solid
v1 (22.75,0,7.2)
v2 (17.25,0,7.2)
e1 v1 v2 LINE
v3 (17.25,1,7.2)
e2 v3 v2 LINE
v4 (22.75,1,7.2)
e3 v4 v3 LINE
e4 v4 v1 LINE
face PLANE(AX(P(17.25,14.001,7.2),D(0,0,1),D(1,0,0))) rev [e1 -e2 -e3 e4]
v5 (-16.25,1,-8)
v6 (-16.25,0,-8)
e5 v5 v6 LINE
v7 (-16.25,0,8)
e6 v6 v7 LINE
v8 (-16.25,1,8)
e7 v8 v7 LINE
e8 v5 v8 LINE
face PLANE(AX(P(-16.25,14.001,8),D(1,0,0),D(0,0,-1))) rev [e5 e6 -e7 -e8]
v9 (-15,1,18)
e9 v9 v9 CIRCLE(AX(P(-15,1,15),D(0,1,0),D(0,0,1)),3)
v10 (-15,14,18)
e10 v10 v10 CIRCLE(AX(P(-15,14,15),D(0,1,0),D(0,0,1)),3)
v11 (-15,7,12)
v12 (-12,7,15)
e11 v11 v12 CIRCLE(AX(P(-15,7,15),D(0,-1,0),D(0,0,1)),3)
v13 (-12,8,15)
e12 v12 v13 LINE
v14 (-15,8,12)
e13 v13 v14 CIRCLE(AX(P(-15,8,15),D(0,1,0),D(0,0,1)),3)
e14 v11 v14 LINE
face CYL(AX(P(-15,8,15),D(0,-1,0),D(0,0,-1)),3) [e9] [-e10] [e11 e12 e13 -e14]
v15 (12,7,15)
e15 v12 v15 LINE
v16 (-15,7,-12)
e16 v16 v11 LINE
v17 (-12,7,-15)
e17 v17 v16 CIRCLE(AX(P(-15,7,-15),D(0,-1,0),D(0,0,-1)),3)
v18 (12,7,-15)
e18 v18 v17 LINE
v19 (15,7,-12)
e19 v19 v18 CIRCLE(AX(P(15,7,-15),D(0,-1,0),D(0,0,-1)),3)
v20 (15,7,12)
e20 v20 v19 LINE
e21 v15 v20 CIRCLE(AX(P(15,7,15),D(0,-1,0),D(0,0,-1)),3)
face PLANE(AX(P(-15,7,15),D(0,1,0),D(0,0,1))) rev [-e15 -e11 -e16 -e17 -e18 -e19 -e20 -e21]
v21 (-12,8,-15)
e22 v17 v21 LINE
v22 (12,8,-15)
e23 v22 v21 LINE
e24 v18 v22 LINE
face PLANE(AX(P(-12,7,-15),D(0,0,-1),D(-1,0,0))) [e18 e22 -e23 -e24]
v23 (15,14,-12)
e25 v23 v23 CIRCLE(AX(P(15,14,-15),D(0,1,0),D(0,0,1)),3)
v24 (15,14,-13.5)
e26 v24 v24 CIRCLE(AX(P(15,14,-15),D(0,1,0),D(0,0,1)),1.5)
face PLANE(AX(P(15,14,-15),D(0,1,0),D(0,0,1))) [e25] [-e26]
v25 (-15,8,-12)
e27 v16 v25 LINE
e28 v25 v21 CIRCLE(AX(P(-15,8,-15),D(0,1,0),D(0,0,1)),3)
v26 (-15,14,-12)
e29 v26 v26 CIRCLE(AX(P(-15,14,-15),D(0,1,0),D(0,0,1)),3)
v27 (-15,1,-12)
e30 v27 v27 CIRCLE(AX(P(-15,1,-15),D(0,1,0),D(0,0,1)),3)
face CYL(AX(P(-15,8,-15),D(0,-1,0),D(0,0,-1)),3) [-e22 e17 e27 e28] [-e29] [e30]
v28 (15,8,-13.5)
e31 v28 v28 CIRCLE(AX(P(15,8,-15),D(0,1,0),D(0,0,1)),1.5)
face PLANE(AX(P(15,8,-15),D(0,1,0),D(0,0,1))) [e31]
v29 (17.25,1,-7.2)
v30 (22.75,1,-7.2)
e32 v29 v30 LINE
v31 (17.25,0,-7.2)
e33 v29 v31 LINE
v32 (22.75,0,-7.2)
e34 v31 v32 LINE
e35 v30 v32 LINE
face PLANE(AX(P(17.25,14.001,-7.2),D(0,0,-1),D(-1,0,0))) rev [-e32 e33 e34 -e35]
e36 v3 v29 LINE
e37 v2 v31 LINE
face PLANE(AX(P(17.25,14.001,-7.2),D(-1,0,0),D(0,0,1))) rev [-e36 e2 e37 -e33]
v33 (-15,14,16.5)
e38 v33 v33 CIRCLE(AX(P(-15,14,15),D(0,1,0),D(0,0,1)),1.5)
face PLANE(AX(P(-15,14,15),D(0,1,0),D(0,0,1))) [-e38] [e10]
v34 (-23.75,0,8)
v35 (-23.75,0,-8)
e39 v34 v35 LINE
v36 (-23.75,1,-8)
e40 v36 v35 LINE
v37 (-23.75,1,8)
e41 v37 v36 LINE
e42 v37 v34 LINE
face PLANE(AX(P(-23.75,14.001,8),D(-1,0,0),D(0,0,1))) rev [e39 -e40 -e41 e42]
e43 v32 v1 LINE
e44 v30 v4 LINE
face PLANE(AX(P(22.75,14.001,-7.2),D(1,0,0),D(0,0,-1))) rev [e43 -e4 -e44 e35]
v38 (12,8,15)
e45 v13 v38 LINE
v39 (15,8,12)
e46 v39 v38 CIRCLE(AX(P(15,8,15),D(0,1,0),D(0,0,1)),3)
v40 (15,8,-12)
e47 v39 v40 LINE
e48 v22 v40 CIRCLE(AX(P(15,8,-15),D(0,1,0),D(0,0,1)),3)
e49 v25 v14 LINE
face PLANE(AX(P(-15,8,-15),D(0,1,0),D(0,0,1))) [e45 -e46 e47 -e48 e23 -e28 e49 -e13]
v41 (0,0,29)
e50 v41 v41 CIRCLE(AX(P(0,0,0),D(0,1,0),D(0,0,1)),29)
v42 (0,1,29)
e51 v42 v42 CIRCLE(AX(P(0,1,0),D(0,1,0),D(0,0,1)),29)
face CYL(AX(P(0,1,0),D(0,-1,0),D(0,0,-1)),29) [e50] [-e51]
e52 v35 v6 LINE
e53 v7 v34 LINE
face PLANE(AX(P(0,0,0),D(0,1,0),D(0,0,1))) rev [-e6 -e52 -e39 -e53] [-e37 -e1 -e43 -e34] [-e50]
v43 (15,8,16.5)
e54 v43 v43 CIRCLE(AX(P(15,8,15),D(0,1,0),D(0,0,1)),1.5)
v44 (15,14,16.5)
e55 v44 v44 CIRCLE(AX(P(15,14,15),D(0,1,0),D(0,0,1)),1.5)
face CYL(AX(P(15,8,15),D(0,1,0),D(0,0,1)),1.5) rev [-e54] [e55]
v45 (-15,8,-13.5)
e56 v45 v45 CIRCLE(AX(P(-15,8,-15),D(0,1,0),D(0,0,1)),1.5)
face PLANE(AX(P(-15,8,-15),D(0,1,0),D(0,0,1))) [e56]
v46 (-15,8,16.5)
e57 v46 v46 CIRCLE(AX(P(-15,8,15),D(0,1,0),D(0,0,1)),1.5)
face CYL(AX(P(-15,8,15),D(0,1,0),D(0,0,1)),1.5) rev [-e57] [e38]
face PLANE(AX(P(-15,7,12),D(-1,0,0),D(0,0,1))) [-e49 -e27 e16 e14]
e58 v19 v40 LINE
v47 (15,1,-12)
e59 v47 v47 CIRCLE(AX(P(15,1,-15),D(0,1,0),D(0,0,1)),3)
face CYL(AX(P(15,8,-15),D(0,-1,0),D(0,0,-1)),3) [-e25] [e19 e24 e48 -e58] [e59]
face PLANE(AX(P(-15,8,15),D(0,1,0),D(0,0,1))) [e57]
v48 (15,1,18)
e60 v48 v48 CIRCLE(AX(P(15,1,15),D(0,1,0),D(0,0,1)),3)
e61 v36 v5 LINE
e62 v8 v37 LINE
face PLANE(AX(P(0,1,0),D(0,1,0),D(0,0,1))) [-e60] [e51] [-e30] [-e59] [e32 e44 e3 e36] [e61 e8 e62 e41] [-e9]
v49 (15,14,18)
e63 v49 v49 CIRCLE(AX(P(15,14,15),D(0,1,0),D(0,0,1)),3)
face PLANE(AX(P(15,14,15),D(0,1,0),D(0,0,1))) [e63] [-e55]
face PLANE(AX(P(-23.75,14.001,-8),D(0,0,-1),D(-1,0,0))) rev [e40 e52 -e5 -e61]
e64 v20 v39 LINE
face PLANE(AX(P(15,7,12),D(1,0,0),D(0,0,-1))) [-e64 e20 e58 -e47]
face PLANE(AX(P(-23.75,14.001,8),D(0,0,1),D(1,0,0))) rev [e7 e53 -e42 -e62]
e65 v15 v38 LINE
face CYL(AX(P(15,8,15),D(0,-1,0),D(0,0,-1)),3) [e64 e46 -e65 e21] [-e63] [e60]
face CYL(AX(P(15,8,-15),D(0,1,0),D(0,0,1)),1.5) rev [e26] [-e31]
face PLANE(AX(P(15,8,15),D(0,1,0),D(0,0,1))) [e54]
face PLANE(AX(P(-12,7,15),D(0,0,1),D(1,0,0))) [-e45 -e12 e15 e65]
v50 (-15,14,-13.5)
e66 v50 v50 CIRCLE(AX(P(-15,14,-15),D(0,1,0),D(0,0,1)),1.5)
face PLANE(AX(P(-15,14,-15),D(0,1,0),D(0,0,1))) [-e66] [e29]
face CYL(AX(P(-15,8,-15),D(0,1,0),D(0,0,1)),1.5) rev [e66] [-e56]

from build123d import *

# Parameters (mm, degrees)
CROQUIS1_R              = 29
SALIENTE_EXTRUIR1_DEPTH = 1
CROQUIS2_R              = 3
SALIENTE_EXTRUIR2_DEPTH = 7
SALIENTE_EXTRUIR3_START = -1
SALIENTE_EXTRUIR3_DEPTH = 1
CROQUIS4_R              = 3
SALIENTE_EXTRUIR4_DEPTH = 6
CROQUIS5_R              = 1.5
CORTAR_EXTRUIR1_DEPTH   = 6
CORTAR_EXTRUIR2_REACH   = 45.336
CROQUIS6_W              = 5.5
CROQUIS6_H              = 14.4
CROQUIS6_W_2            = 7.5
CROQUIS6_H_2            = 16


with BuildPart() as part:
    # Croquis1 → Saliente-Extruir1 (new body)
    with BuildSketch(Plane(origin=(0, 0, 0), x_dir=(1, 0, 0), z_dir=(0, 1, 0))):
        with Locations(Location((0, 0, 0), (0, 0, 270))):
            Circle(CROQUIS1_R)
    extrude(amount=SALIENTE_EXTRUIR1_DEPTH)

    # Croquis2 → Saliente-Extruir2 (add)
    with BuildSketch(Plane(origin=(0, 1, 0), x_dir=(1, 0, 0), z_dir=(0, 1, 0))):
        with Locations(Location((-15, 15, 0), (0, 0, 270))):
            Circle(CROQUIS2_R)
        with Locations(Location((15, 15, 0), (0, 0, 270))):
            Circle(CROQUIS2_R)
        with Locations(Location((-15, -15, 0), (0, 0, 270))):
            Circle(CROQUIS2_R)
        with Locations(Location((15, -15, 0), (0, 0, 270))):
            Circle(CROQUIS2_R)
    extrude(amount=SALIENTE_EXTRUIR2_DEPTH)

    # Croquis3 → Saliente-Extruir3 (add)
    with BuildSketch(Plane(origin=(0, 8, 0), x_dir=(1, 0, 0), z_dir=(0, 1, 0)).offset(SALIENTE_EXTRUIR3_START)):
        with BuildLine():
            Line((-15, -12), (-15, 12))
            ThreePointArc((-15, 12), (-12.878679656, 12.878679656), (-12, 15))
            Line((-12, 15), (12, 15))
            ThreePointArc((12, 15), (12.878679656, 12.878679656), (15, 12))
            Line((15, 12), (15, -12))
            ThreePointArc((15, -12), (12.878679656, -12.878679656), (12, -15))
            Line((12, -15), (-12, -15))
            ThreePointArc((-12, -15), (-12.878679656, -12.878679656), (-15, -12))
        make_face()
    extrude(amount=SALIENTE_EXTRUIR3_DEPTH)

    # Croquis4 → Saliente-Extruir4 (add)
    with BuildSketch(Plane(origin=(0, 8, 0), x_dir=(1, 0, 0), z_dir=(0, 1, 0))):
        with Locations(Location((15, 15, 0), (0, 0, 270))):
            Circle(CROQUIS4_R)
        with Locations(Location((15, -15, 0), (0, 0, 270))):
            Circle(CROQUIS4_R)
        with Locations(Location((-15, 15, 0), (0, 0, 270))):
            Circle(CROQUIS4_R)
        with Locations(Location((-15, -15, 0), (0, 0, 270))):
            Circle(CROQUIS4_R)
    extrude(amount=SALIENTE_EXTRUIR4_DEPTH)

    # Croquis5 → Cortar-Extruir1 (cut)
    with BuildSketch(Plane(origin=(0, 14, 0), x_dir=(1, 0, 0), z_dir=(0, 1, 0))):
        with Locations(Location((15, 15, 0), (0, 0, 270))):
            Circle(CROQUIS5_R)
        with Locations(Location((15, -15, 0), (0, 0, 270))):
            Circle(CROQUIS5_R)
        with Locations(Location((-15, -15, 0), (0, 0, 270))):
            Circle(CROQUIS5_R)
        with Locations(Location((-15, 15, 0), (0, 0, 270))):
            Circle(CROQUIS5_R)
    extrude(amount=-CORTAR_EXTRUIR1_DEPTH, mode=Mode.SUBTRACT)

    # Croquis6 → Cortar-Extruir2 (cut, up to next)
    with BuildSketch(Plane.XZ, mode=Mode.PRIVATE) as cortar_extruir2_sk1:
        with Locations((20, 0)):
            Rectangle(CROQUIS6_W, CROQUIS6_H)
    cortar_extruir2_tool1 = extrude(cortar_extruir2_sk1.sketch, amount=-CORTAR_EXTRUIR2_REACH, mode=Mode.PRIVATE) & part.part
    # Croquis6 → Cortar-Extruir2 (cut, up to next)
    with BuildSketch(Plane.XZ, mode=Mode.PRIVATE) as cortar_extruir2_sk2:
        with Locations((-20, 0)):
            Rectangle(CROQUIS6_W_2, CROQUIS6_H_2)
    cortar_extruir2_tool2 = extrude(cortar_extruir2_sk2.sketch, amount=-CORTAR_EXTRUIR2_REACH, mode=Mode.PRIVATE) & part.part
    add(cortar_extruir2_tool1.solids().sort_by_distance((20, 0, 0))[0], mode=Mode.SUBTRACT)
    add(cortar_extruir2_tool2.solids().sort_by_distance((-20, 0, 0))[0], mode=Mode.SUBTRACT)


solid = part.part
